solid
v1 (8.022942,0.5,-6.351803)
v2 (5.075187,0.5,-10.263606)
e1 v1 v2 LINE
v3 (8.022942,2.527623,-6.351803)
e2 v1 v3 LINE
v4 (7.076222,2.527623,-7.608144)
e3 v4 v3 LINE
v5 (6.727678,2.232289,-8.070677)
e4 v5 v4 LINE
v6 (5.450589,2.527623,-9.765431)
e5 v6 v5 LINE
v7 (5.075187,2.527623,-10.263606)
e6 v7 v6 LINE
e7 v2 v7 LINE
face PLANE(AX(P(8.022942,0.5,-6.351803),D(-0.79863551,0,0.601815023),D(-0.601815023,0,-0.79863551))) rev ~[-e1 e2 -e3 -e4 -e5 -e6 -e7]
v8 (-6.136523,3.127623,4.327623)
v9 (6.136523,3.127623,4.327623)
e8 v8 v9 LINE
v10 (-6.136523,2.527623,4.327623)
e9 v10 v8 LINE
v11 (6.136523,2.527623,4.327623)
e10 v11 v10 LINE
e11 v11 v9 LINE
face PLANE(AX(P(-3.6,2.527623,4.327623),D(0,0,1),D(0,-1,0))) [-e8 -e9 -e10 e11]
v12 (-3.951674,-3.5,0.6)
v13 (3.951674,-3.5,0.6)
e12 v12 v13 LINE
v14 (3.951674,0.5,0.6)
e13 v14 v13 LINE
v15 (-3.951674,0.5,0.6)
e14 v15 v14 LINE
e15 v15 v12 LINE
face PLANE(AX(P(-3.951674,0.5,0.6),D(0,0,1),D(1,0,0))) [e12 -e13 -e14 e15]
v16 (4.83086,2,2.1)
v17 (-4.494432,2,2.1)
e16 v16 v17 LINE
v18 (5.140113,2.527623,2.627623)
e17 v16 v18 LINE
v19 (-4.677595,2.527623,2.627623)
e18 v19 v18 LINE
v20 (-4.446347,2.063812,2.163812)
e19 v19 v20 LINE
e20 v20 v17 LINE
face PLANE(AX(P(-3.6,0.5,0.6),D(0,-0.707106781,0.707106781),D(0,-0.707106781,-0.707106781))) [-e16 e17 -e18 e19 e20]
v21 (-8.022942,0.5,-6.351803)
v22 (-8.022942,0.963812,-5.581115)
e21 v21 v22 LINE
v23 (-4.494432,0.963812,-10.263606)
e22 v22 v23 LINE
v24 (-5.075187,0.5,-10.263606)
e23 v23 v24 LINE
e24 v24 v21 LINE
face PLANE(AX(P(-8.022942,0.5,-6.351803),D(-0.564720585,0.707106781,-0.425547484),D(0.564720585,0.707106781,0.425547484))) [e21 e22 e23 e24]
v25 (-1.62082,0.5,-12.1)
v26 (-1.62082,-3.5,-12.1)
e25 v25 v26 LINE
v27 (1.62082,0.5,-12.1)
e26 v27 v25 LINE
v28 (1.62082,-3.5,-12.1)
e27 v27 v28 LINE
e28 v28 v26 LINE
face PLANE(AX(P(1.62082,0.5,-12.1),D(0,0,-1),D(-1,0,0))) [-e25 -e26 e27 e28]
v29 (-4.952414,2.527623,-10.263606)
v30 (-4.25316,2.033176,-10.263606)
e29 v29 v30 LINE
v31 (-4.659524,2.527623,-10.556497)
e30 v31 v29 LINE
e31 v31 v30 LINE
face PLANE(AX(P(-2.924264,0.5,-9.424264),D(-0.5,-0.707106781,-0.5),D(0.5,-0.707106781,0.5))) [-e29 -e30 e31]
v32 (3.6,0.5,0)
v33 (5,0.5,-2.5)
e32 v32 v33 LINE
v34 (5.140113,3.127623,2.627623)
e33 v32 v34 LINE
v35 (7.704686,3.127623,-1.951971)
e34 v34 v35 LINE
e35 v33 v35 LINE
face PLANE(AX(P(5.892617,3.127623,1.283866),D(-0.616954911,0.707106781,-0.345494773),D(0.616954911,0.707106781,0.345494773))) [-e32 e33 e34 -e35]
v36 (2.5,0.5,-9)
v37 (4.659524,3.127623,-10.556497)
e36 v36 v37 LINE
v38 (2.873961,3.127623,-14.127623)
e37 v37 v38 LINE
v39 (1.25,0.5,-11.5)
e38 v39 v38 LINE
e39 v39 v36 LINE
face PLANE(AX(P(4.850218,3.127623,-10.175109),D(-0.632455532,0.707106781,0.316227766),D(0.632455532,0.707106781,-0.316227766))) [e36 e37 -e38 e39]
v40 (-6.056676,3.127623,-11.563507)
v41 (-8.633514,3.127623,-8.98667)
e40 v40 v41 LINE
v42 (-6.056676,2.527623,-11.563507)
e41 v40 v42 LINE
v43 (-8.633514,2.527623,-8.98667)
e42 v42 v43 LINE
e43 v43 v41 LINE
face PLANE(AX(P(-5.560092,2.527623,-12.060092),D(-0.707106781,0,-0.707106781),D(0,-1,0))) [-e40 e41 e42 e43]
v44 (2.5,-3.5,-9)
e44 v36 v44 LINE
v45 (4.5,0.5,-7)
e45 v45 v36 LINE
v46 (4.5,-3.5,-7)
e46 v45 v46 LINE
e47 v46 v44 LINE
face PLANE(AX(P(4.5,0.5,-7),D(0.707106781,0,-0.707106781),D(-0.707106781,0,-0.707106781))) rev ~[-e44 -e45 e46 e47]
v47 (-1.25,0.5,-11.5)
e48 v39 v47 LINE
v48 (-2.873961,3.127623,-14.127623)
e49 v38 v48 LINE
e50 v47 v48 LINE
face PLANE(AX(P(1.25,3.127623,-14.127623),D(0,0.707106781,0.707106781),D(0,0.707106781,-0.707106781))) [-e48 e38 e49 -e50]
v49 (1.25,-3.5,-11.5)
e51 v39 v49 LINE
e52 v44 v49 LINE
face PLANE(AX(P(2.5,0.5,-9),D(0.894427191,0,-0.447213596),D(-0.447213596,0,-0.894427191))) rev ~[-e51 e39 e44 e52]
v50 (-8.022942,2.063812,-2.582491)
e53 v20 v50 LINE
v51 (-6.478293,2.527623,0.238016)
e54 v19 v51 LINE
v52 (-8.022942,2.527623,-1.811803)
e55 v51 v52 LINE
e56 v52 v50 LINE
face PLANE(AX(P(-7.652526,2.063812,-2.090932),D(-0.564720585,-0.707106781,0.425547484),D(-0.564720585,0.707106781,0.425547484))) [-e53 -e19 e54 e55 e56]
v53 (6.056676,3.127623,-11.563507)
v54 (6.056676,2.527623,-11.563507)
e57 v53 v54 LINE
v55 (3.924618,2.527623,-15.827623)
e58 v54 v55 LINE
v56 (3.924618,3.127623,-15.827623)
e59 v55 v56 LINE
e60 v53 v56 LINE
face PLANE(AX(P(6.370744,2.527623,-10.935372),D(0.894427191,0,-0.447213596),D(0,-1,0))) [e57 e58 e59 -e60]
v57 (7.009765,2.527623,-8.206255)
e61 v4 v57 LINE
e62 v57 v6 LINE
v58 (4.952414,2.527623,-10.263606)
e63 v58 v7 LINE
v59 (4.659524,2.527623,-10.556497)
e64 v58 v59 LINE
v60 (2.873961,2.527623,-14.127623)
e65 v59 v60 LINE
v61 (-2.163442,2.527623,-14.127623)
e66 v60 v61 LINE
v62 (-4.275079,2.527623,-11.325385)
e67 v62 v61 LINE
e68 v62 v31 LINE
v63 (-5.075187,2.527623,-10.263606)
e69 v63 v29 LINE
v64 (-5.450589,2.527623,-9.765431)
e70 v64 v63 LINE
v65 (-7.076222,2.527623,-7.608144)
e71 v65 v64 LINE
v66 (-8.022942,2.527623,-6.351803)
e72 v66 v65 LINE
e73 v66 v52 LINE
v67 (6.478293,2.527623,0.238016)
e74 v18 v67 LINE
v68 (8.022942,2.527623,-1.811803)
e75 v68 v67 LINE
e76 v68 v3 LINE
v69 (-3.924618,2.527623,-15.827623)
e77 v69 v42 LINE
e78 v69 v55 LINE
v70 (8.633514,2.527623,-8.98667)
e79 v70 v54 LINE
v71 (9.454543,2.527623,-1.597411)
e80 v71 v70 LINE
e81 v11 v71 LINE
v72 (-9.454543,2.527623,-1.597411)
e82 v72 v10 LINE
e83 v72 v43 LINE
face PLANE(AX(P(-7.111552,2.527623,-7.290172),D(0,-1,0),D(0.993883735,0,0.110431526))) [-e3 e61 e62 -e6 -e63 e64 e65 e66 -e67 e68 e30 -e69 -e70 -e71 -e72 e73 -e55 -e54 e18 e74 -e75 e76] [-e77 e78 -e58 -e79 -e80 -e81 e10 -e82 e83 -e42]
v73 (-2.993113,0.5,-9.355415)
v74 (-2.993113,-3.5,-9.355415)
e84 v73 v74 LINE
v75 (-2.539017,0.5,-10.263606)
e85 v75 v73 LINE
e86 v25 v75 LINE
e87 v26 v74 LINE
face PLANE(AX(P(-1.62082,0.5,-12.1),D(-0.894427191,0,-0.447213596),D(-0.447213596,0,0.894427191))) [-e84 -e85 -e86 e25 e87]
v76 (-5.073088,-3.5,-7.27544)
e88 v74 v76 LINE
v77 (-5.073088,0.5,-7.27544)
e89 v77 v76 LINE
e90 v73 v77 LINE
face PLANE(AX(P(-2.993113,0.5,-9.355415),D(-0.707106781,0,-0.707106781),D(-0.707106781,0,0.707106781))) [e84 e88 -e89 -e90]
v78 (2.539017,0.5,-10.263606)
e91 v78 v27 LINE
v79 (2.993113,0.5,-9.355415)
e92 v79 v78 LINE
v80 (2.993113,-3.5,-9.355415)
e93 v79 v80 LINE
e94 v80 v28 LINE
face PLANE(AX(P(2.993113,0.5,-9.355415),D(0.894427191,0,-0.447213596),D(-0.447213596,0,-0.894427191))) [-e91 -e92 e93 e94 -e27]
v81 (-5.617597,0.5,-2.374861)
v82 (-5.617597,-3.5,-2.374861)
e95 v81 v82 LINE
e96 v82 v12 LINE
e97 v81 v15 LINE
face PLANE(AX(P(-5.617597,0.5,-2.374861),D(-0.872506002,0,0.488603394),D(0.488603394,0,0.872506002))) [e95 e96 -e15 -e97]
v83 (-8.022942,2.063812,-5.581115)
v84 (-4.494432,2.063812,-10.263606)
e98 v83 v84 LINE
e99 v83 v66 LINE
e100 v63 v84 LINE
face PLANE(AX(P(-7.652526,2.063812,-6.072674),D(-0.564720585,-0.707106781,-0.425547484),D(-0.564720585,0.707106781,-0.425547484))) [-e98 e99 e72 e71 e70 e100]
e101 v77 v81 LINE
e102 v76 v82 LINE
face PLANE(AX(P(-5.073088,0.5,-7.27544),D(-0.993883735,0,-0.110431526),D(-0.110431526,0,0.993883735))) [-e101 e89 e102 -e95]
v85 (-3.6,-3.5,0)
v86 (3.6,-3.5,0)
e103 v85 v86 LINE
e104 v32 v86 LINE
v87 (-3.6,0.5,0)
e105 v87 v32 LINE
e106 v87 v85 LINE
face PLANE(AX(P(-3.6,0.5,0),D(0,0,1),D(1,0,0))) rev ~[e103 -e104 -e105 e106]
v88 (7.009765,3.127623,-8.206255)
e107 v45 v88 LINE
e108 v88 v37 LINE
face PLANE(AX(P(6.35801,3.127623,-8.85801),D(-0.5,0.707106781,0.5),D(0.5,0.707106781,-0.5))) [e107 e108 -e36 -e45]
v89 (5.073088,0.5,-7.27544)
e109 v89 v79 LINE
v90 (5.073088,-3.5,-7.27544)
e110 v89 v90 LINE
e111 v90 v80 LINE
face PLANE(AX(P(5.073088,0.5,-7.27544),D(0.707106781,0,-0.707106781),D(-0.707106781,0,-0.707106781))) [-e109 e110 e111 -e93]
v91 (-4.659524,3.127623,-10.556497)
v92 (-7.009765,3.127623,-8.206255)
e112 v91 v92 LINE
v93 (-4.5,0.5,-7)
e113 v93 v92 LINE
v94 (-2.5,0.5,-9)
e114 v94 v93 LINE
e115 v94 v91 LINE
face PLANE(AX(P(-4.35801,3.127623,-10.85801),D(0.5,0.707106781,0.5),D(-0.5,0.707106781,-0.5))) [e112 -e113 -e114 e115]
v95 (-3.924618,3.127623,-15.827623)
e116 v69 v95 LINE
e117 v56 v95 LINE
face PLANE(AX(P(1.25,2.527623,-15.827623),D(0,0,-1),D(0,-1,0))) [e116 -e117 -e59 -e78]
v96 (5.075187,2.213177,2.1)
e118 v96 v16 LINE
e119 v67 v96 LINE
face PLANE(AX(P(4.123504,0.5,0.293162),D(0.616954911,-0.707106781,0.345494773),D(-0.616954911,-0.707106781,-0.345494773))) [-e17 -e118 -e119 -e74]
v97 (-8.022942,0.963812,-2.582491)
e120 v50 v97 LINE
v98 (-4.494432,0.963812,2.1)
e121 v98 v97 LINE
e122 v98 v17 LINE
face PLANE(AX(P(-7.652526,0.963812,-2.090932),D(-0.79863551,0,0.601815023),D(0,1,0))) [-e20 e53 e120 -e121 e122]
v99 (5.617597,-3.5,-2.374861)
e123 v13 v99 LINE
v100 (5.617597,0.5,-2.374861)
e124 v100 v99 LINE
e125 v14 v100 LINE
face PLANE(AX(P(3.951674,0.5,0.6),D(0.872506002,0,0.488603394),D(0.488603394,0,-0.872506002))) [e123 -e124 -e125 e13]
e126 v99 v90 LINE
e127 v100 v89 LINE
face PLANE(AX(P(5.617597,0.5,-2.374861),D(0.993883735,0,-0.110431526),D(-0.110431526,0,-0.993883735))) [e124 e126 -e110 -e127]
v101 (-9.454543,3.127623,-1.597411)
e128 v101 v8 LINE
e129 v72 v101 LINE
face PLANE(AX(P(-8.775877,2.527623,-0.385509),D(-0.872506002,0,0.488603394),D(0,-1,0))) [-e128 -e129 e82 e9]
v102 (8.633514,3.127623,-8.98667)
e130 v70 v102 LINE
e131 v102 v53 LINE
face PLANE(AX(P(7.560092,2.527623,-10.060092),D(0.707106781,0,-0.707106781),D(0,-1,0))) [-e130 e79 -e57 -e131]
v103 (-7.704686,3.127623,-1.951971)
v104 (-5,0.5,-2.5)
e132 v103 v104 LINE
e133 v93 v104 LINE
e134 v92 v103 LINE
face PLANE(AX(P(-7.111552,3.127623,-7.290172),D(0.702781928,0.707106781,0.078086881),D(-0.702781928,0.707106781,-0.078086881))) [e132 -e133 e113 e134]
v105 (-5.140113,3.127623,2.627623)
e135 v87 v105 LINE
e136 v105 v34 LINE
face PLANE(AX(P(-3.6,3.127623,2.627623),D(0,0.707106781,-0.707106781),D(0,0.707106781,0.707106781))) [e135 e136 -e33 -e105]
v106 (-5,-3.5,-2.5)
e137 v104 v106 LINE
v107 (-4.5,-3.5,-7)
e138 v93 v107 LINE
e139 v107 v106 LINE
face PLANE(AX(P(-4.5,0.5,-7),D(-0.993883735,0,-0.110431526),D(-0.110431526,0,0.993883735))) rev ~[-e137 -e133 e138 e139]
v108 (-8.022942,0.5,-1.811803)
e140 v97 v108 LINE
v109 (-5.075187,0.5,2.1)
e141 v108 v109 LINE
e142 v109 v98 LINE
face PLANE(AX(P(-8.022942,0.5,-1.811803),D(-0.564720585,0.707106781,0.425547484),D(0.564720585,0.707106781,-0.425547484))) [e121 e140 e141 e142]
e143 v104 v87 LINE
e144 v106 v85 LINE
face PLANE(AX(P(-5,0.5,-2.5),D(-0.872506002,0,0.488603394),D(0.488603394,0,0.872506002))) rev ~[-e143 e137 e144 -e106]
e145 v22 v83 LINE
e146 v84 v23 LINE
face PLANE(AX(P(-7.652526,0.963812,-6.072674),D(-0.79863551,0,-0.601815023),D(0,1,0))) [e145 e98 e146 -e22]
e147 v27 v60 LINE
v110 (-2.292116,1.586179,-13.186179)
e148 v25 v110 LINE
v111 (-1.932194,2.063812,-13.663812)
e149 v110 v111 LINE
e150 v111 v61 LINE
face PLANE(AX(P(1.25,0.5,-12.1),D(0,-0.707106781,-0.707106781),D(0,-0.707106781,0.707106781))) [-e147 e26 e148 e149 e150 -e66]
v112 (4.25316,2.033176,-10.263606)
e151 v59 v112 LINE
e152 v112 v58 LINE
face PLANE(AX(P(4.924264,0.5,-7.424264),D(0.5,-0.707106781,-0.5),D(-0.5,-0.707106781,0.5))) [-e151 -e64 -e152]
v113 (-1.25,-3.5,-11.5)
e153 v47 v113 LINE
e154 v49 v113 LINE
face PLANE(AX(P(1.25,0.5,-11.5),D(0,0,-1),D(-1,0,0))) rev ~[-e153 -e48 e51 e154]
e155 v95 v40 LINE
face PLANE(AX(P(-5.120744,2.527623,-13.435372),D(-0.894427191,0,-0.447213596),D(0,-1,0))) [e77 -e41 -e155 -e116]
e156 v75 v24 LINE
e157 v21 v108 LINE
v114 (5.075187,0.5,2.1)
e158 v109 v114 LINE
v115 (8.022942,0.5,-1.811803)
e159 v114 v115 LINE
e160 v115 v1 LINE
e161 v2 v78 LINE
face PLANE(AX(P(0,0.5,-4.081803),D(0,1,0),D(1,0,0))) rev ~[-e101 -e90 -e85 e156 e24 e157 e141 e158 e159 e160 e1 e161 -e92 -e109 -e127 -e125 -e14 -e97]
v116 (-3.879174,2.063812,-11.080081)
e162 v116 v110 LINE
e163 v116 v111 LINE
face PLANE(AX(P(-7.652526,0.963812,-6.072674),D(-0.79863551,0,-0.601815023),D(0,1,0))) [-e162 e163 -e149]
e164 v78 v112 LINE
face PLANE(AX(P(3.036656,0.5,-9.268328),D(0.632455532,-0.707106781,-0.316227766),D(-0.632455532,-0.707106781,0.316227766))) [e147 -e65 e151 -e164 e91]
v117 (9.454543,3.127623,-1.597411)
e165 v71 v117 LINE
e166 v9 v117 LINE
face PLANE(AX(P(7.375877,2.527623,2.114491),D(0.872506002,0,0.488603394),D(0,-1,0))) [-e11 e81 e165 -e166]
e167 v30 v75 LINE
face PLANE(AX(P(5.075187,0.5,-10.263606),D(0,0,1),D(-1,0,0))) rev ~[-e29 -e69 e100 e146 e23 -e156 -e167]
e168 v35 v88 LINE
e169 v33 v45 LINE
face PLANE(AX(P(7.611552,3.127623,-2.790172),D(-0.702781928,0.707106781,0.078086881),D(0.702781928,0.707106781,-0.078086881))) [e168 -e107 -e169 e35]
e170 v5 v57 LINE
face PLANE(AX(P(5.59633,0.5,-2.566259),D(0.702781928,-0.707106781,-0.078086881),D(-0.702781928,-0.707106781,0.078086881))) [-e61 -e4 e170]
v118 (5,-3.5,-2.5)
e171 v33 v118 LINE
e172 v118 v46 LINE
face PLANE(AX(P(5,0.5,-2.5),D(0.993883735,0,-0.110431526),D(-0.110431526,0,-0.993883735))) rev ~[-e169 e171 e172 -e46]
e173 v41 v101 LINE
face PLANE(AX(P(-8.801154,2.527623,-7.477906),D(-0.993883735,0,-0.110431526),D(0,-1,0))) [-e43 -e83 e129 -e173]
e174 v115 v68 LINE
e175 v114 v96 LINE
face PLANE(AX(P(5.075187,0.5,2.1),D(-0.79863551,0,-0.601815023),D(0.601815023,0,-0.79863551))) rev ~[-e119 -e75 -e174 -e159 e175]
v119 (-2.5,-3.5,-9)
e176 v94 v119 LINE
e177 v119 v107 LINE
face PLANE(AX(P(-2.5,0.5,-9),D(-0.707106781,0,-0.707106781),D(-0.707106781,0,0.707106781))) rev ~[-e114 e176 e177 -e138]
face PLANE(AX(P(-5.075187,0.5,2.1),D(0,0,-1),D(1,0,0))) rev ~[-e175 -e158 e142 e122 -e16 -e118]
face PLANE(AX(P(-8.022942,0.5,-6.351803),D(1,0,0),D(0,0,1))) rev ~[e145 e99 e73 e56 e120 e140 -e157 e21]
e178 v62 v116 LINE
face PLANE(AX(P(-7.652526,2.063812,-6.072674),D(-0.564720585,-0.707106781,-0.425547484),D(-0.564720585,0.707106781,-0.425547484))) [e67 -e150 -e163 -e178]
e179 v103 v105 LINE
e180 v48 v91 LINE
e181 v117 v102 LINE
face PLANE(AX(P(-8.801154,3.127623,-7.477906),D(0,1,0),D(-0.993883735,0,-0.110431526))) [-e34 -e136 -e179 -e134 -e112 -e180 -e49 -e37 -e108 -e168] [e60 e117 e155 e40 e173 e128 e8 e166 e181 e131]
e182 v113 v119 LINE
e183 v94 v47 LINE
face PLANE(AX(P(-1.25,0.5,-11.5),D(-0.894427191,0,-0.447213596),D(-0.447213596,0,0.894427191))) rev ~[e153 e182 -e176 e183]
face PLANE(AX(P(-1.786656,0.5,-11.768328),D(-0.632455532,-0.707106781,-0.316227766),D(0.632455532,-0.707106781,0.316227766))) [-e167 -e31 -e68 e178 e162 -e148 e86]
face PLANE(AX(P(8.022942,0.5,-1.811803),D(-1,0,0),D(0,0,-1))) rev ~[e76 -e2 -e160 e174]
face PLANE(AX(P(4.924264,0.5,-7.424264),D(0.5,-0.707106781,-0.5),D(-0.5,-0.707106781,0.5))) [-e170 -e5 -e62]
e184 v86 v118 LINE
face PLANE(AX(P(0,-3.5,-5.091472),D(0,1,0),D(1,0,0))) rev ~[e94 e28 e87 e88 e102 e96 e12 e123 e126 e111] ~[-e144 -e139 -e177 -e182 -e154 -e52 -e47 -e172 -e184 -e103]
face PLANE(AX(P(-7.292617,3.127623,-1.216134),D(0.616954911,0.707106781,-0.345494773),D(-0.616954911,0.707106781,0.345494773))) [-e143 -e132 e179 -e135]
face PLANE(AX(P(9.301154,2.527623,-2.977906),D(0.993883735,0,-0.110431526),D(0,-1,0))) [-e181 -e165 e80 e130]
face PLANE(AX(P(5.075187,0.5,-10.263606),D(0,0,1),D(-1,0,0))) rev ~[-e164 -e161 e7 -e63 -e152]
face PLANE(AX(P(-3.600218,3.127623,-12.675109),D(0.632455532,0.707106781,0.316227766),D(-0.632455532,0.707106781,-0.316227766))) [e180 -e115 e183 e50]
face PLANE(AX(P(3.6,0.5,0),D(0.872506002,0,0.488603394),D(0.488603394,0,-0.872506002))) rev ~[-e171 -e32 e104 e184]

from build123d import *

# Parameters (mm, degrees)
BOSS_EXTRUDE3_DEPTH  = 4
BOSS_EXTRUDE30_DEPTH = 2.1
CUT_EXTRUDE23_DEPTH  = 19.67655379
CUT_EXTRUDE24_DEPTH  = 18.444111581


with BuildPart() as part:
    # Sketch3<4> → Boss-Extrude3 (new body)
    with BuildSketch(Plane(origin=(0, 0.5, 0), x_dir=(1, 0, 0), z_dir=(0, 1, 0))):
        Polygon((5.617596648, 2.37486125), (5.073087868, 7.275440269), (2.993112649, 9.355415488), (1.620820393, 12.1), (-1.620820393, 12.1), (-2.993112649, 9.355415488), (-5.073087868, 7.275440269), (-5.617596648, 2.37486125), (-3.951674234, -0.6), (3.951674234, -0.6), align=None)
        Polygon((-4.5, 7), (-5, 2.5), (-3.599999905, 0), (3.599999905, 0), (5, 2.5), (4.5, 7), (2.5, 9), (1.25, 11.5), (-1.25, 11.5), (-2.5, 9), align=None, mode=Mode.SUBTRACT)
    extrude(amount=-BOSS_EXTRUDE3_DEPTH)

    # Sketch57 → Boss-Extrude30 (add)
    with BuildSketch(Plane(origin=(0, 0.5, 0), x_dir=(1, 0, 0), z_dir=(0, 1, 0))):
        Polygon((-8.022942498, 6.351803212), (-8.022942498, 1.811803212), (-5.075187344, -2.1), (5.075187344, -2.1), (8.022942498, 1.811803212), (8.022942498, 6.351803212), (5.075187344, 10.263606425), (-5.075187344, 10.263606425), align=None)
    extrude(amount=BOSS_EXTRUDE30_DEPTH)

    # Sweep3: sweep along a path in Sketch3
    with BuildLine(Plane(origin=(0, 0.5, 0), x_dir=(1, 0, 0), z_dir=(0, 1, 0))) as sweep3_path:
        Line((-4.5, 7), (-5, 2.5))
        Line((-5, 2.5), (-3.599999905, 0))
        Line((-3.599999905, 0), (3.599999905, 0))
        Line((3.599999905, 0), (5, 2.5))
        Line((5, 2.5), (4.5, 7))
        Line((4.5, 7), (2.5, 9))
        Line((2.5, 9), (1.25, 11.5))
        Line((1.25, 11.5), (-1.25, 11.5))
        Line((-1.25, 11.5), (-2.5, 9))
        Line((-2.5, 9), (-4.5, 7))
    # Sketch4 → Sweep3 (sweep)
    with BuildSketch(Plane(origin=(0, 0, 0), x_dir=(0, 0, -1), z_dir=(1, 0, 0))):
        Polygon((0, 0.5), (-0.6, 0.5), (-2.62762332, 2.52762332), (-4.32762332, 2.52762332), (-4.32762332, 3.12762332), (-2.62762332, 3.12762332), align=None)
    sweep(path=sweep3_path.line, transition=Transition.RIGHT)

    # Cut-Sweep10: sweep along a path in Sketch61
    with BuildLine(Plane(origin=(0, 0.5, 0), x_dir=(1, 0, 0), z_dir=(0, 1, 0))) as cut_sweep10_path:
        Line((1.25, 11.5), (2.5, 9))
        Line((2.5, 9), (4.5, 7))
        Line((4.5, 7), (5, 2.5))
        Line((5, 2.5), (3.599999905, 0))
        Line((3.599999905, 0), (-3.599999905, 0))
        Line((-3.599999905, 0), (-5, 2.5))
        Line((-5, 2.5), (-4.5, 7))
        Line((-4.5, 7), (-2.5, 9))
        Line((-2.5, 9), (-1.25, 11.5))
        Line((-1.25, 11.5), (1.25, 11.5))
    # Sketch60 → Cut-Sweep10 (sweep, cut)
    with BuildSketch(Plane(origin=(0, 0, 0), x_dir=(0, 0, -1), z_dir=(1, 0, 0))):
        Polygon((-4.32762332, 3.12762332), (-2.62762332, 3.12762332), (0, 0.5), (0.419943975, 0.080056025), (0.419943975, 3.72762332), (0, 3.72762332), (-4.32762332, 3.72762332), align=None)
    sweep(path=cut_sweep10_path.line, transition=Transition.RIGHT, mode=Mode.SUBTRACT)


with BuildPart() as cut_sweep10_kept_piece:
    # of the separate pieces the step leaves, the one the design keeps (cut_sweep10_pieces_kept)
    add(part.part.solids().sort_by_distance((5.617596648, 0.5, -2.37486125))[0])

    # Sketch62 → Cut-Extrude23 (cut, symmetric)
    with BuildSketch(Plane(origin=(0.147112643, 0, -0.195225071), x_dir=(0, -1, 0), z_dir=(0.6018150231520525, 0, -0.7986355100472898))):
        Polygon((-2.52762332, 10.230017371), (-2.52762332, 11.230017371), (-0.5, 11.230017371), (-0.5, 10.230017371), (-0.96381166, 9.766205711), (-2.06381166, 9.766205711), align=None)
    extrude(amount=CUT_EXTRUDE23_DEPTH, both=True, mode=Mode.SUBTRACT)

    # Sketch64 → Cut-Extrude24 (cut, symmetric)
    with BuildSketch(Plane(origin=(-3.776568435, 0, -5.011675586), x_dir=(0, -1, 0), z_dir=(-0.6018150231520465, 0, -0.7986355100472943))):
        Polygon((-2.52762332, 5.317036382), (-2.52762332, 6.317036382), (-0.5, 6.317036382), (-0.5, 5.317036382), (-0.96381166, 4.853224722), (-2.06381166, 4.853224722), align=None)
    extrude(amount=CUT_EXTRUDE24_DEPTH, both=True, mode=Mode.SUBTRACT)


solid = cut_sweep10_kept_piece.part
